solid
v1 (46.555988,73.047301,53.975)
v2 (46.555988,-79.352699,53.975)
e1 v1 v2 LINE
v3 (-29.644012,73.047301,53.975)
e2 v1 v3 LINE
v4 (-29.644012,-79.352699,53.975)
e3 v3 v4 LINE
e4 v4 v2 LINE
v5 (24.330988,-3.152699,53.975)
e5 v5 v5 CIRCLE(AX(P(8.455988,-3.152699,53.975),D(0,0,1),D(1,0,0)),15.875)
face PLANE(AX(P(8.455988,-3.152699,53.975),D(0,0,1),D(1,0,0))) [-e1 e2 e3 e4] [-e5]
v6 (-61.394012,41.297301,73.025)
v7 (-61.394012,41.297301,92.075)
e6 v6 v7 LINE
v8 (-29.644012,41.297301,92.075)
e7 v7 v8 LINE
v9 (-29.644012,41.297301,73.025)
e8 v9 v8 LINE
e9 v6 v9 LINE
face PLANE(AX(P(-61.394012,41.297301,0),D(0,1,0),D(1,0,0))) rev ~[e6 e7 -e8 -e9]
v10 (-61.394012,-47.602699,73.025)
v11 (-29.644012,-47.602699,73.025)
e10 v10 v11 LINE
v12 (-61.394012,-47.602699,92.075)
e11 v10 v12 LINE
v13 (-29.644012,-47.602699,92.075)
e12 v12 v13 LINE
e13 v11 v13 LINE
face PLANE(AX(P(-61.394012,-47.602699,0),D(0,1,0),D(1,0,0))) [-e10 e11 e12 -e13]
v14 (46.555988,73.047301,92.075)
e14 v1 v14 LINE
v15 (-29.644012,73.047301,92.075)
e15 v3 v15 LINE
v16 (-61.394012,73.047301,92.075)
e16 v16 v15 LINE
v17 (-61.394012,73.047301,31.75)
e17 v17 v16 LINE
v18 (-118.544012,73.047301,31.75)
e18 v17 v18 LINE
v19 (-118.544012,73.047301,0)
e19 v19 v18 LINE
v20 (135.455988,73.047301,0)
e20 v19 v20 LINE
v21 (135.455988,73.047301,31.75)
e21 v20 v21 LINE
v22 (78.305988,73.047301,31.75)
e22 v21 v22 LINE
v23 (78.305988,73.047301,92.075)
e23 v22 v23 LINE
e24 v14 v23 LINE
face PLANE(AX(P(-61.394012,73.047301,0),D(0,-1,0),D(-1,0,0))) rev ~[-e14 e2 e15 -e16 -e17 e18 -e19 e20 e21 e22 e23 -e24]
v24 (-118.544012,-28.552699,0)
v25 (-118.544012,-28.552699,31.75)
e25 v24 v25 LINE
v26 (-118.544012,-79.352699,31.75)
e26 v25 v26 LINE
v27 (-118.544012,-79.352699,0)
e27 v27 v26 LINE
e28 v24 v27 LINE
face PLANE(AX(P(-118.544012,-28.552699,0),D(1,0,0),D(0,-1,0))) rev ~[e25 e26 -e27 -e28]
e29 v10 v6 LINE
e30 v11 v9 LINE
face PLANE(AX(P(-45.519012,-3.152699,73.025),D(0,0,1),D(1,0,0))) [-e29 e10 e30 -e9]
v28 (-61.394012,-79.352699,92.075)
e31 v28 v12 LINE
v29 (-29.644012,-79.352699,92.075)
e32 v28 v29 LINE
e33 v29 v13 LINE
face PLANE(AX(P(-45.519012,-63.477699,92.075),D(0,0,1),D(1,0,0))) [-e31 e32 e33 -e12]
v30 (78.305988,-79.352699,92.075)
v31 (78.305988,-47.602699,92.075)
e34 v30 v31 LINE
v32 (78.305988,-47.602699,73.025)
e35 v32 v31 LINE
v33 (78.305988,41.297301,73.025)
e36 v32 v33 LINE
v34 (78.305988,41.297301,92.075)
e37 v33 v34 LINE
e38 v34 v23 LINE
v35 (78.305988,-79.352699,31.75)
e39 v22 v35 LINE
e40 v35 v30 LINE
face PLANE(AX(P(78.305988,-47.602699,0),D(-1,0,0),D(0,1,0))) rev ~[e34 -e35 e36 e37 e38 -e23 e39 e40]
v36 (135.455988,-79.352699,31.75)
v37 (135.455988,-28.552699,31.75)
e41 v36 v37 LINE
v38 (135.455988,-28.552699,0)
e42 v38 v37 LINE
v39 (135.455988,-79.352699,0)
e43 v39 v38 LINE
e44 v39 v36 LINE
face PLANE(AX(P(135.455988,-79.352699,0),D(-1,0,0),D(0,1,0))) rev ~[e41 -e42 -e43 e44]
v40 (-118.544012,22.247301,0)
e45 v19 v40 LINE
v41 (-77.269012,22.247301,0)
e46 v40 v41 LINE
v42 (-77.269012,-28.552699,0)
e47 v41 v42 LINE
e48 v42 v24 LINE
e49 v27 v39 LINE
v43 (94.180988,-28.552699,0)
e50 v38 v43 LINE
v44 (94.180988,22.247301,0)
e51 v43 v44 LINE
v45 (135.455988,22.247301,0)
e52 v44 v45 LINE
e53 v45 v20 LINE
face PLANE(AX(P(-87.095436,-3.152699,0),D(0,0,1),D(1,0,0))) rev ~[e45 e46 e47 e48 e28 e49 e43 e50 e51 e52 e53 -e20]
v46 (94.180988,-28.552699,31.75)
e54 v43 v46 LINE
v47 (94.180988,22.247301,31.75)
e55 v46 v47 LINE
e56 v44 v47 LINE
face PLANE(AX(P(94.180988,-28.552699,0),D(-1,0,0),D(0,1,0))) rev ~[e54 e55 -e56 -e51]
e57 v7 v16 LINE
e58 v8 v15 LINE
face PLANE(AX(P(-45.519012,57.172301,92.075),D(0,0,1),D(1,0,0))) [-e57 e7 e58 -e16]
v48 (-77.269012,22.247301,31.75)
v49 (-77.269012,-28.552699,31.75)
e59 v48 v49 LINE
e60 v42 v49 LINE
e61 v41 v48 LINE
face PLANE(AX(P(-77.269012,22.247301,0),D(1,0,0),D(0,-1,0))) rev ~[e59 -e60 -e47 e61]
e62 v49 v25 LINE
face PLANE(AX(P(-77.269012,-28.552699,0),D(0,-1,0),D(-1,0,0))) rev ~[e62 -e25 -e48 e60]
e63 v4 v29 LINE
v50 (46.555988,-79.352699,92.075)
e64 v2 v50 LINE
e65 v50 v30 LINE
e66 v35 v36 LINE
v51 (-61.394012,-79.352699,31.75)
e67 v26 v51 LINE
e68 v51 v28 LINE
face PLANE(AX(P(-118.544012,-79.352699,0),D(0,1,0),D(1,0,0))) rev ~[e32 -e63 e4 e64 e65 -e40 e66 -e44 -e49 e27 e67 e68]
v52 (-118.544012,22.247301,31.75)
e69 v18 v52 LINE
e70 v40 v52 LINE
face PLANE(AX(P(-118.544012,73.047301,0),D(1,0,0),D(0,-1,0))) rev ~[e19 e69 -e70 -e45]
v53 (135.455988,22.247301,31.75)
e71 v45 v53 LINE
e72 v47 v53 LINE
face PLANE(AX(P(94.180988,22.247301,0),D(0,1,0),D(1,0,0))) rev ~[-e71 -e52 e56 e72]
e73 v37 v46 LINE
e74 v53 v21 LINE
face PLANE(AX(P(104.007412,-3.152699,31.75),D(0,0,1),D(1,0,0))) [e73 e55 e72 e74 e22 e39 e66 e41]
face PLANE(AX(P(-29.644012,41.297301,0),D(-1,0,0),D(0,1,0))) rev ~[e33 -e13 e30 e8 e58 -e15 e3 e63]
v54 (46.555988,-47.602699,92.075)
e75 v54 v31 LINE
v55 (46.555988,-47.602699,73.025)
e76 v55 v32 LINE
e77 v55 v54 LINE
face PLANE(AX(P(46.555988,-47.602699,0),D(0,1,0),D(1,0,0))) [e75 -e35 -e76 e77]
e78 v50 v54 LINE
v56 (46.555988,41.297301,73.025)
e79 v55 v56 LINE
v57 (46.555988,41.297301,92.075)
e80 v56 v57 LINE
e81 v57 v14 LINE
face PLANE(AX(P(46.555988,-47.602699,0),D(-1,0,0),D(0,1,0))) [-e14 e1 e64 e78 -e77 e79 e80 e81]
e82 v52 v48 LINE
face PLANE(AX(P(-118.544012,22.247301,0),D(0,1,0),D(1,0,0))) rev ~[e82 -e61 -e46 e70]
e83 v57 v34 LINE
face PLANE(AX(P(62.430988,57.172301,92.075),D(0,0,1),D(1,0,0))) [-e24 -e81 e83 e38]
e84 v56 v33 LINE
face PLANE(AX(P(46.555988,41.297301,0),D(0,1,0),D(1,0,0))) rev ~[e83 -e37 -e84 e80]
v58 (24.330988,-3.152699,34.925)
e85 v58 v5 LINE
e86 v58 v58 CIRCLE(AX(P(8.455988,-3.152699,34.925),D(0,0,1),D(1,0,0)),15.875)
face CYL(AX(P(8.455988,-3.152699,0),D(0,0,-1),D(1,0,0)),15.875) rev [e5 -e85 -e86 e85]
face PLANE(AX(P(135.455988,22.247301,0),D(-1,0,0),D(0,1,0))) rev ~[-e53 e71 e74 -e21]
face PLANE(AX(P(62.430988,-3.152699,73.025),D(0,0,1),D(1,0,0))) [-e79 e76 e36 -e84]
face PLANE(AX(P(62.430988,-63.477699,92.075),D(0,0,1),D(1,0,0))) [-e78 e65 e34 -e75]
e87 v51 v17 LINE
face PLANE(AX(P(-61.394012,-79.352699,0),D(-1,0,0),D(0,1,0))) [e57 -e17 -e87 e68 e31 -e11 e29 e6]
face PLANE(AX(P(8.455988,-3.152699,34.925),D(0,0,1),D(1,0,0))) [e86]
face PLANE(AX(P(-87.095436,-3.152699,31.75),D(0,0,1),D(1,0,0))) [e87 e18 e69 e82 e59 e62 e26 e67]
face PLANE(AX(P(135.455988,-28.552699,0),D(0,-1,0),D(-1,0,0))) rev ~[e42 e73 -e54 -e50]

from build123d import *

# Parameters (mm, degrees)
F0_W     = 31.75
F0_H     = 31.75
F1_DEPTH = 92.075
F0_R     = 15.875
F2_DEPTH = 53.975
F3_DEPTH = 34.925
F0_H_2   = 88.9
F4_DEPTH = 73.025
F5_DEPTH = 31.75


with BuildPart() as f1:
    # F0 (on Top) → F1 (new body)
    with BuildSketch(Plane.XY):
        with Locations((-45.519012, 57.172301)):
            Rectangle(F0_W, F0_H)
        with Locations((-45.519012, -63.477699)):
            Rectangle(F0_W, F0_H)
        with Locations((62.430988, 57.172301)):
            Rectangle(F0_W, F0_H)
        with Locations((62.430988, -63.477699)):
            Rectangle(F0_W, F0_H)
    extrude(amount=F1_DEPTH)

    # F0 (on Top) → F2 (join)
    with BuildSketch(Plane.XY):
        Polygon((-29.644012, -47.602699), (-29.644012, -79.352699), (46.555988, -79.352699), (46.555988, -47.602699), (46.555988, 41.297301), (46.555988, 73.047301), (-29.644012, 73.047301), (-29.644012, 41.297301), align=None)
        with Locations((8.455988, -3.152699)):
            Circle(F0_R, mode=Mode.SUBTRACT)
    extrude(amount=F2_DEPTH)

    # F0 (on Top) → F3 (join)
    with BuildSketch(Plane.XY):
        with Locations((8.455988, -3.152699)):
            Circle(F0_R)
    extrude(amount=F3_DEPTH)



with BuildPart() as f4:
    # F0 (on Top) → F4 (new body)
    with BuildSketch(Plane.XY):
        with Locations((-45.519012, -3.152699)):
            Rectangle(F0_W, F0_H_2)
        with Locations((62.430988, -3.152699)):
            Rectangle(F0_W, F0_H_2)
    extrude(amount=F4_DEPTH)


with BuildPart() as f1_1:
    add(f1.part)

    add(f4.part)  # F5 merges F4
    # F0 (on Top) → F5 (join)
    with BuildSketch(Plane.XY):
        Polygon((-118.544012, -28.552699), (-118.544012, -79.352699), (-61.394012, -79.352699), (-61.394012, -47.602699), (-61.394012, 41.297301), (-61.394012, 73.047301), (-118.544012, 73.047301), (-118.544012, 22.247301), (-77.269012, 22.247301), (-77.269012, -28.552699), align=None)
        Polygon((78.305988, -47.602699), (78.305988, -79.352699), (135.455988, -79.352699), (135.455988, -28.552699), (94.180988, -28.552699), (94.180988, 22.247301), (135.455988, 22.247301), (135.455988, 73.047301), (78.305988, 73.047301), (78.305988, 41.297301), align=None)
    extrude(amount=F5_DEPTH)


solid = f1_1.part
